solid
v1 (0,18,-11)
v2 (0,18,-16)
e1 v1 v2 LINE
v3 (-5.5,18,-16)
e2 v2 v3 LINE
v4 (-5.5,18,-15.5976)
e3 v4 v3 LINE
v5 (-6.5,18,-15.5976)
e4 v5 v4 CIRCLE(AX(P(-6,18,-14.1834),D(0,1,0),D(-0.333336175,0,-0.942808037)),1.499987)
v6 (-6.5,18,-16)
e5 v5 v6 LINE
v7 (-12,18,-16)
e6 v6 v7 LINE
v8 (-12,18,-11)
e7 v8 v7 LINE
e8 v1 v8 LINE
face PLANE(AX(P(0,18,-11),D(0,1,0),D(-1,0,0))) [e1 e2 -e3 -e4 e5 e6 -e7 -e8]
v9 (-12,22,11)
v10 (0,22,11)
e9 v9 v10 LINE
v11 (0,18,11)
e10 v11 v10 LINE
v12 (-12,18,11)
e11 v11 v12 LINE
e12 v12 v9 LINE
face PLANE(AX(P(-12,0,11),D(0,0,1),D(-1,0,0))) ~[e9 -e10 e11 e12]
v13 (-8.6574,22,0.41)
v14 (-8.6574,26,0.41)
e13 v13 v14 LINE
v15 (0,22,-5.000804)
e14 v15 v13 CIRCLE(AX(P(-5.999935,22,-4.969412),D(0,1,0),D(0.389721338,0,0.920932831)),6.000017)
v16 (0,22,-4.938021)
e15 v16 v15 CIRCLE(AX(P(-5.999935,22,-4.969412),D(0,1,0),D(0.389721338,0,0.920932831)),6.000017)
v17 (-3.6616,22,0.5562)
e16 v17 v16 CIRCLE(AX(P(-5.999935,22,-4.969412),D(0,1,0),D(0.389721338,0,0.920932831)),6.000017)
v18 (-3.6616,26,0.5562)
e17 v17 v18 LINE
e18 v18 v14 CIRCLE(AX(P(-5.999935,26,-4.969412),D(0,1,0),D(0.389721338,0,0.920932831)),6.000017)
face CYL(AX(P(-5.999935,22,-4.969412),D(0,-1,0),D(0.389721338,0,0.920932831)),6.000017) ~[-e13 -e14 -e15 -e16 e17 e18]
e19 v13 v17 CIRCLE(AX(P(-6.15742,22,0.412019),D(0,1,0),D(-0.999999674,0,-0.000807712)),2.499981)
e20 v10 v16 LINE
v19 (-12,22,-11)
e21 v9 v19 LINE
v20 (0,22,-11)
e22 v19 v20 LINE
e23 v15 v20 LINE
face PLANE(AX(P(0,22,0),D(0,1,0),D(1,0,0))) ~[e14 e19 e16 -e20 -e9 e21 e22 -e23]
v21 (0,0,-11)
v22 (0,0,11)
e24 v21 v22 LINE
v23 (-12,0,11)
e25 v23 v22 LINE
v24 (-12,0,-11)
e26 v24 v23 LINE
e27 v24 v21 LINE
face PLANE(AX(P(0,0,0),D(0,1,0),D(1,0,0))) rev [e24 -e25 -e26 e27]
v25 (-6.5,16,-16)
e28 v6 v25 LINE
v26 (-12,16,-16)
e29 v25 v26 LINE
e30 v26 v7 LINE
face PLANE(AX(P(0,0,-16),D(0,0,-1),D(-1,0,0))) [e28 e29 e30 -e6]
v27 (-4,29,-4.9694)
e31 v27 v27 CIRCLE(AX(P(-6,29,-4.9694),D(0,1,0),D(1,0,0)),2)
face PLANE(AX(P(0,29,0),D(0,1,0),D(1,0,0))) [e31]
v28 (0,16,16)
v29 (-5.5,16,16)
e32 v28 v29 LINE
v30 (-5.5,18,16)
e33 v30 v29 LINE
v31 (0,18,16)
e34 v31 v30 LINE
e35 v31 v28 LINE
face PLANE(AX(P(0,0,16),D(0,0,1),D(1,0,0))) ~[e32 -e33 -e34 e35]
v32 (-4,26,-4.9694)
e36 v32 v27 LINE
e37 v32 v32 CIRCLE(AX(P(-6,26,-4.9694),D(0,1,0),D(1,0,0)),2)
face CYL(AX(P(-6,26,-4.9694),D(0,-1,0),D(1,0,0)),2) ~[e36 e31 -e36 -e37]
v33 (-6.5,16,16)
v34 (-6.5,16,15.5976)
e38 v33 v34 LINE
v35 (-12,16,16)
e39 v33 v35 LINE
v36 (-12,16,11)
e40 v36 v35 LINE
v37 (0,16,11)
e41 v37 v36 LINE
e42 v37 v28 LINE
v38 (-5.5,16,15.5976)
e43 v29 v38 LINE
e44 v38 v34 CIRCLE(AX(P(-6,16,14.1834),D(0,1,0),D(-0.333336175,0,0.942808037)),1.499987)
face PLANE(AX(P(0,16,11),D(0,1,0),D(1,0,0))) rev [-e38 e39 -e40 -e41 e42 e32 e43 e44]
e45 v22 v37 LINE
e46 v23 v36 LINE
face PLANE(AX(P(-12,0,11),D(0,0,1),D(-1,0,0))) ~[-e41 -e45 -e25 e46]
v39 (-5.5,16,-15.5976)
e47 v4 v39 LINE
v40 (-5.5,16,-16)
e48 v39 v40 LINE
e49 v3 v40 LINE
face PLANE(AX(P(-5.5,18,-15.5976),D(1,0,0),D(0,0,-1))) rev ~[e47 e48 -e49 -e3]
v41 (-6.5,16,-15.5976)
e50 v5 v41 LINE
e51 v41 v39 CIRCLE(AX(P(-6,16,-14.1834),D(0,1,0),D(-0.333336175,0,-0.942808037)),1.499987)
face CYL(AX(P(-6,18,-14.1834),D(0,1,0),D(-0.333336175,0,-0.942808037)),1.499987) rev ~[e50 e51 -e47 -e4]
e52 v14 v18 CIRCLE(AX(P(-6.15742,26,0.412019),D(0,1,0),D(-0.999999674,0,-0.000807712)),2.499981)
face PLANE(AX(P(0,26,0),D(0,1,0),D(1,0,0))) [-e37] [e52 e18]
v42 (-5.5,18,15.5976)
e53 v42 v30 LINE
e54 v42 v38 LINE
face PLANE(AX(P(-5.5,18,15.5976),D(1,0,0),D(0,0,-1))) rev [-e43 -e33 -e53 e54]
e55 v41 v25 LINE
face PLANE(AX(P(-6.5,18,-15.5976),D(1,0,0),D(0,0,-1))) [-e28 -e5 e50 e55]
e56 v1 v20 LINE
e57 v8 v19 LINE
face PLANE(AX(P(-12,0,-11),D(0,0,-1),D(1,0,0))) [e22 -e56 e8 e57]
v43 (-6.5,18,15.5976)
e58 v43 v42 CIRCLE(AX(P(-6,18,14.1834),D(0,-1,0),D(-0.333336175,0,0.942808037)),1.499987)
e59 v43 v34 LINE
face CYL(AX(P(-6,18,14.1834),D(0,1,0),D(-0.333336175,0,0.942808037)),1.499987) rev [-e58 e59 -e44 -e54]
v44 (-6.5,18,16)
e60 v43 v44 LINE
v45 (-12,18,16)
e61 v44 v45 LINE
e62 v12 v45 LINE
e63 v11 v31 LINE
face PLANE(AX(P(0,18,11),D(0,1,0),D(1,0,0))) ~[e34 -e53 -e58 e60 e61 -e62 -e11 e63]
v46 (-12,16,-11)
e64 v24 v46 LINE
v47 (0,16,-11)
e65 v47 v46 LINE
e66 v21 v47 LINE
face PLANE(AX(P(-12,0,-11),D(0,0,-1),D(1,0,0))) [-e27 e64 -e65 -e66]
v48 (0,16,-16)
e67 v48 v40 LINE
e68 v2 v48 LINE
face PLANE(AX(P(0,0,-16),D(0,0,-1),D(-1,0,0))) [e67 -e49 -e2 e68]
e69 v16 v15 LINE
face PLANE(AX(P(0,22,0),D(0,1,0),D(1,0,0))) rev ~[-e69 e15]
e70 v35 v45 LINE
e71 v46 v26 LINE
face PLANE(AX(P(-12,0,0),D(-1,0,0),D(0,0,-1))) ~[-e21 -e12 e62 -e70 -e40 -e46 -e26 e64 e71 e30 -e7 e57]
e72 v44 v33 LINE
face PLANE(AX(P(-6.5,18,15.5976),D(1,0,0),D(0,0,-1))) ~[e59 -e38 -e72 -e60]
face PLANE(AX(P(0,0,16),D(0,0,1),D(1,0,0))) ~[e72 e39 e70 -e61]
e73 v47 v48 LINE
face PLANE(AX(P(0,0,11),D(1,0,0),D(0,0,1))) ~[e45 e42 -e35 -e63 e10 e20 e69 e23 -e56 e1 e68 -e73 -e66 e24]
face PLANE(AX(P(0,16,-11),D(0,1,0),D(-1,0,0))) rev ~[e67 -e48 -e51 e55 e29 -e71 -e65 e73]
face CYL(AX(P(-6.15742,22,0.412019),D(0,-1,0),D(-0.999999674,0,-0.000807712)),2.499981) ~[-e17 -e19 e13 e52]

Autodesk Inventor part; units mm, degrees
ref_plane "YZ Plane" through (0, 0, 0) normal (1, 0, 0) x (0, 1, 0)
ref_plane "XZ Plane" through (0, 0, 0) normal (0, 1, 0) x (-1, 0, 0)
ref_plane "XY Plane" through (0, 0, 0) normal (0, 0, 1) x (1, 0, 0)
sketch "Boceto1" plane through (0, 0, 0) normal (0, 1, 0) x (-1, 0, 0)
  line L0 (0, 0) -> (12, 0)
  line L1 (12, 0) -> (12, -11)
  line L2 (12, -11) -> (0, -11)
  line L3 (0, -11) -> (0, 0)
extrude "Extrusión1" add sketch "Boceto1" along normal blind 22
sketch "Boceto2" plane through (0, 0, -11) normal (0, 0, -1) x (-1, 0, 0)
  line L0 (12, 22) -> (0, 22) projected
  line L1 (0, 18) -> (12, 18)
  line L2 (0, 16) -> (12, 16)
  line L3 (12, 0) -> (12, 22) projected
  line L4 (0, 18) -> (0, 16)
  line L5 (0, 0) -> (0, 22) projected
  line L6 (12, 18) -> (12, 16)
extrude "Extrusión2" add sketch "Boceto2" along normal blind 5 contours L3 L2 L4 L1
sketch "Boceto3" plane through (-12, 18, -11) normal (0, 1, 0) x (1, 0, 0)
  line L0 (0, 5) -> (12, 5) projected
  arc A0 (5.5, 4.5976) -> (6.5, 4.5976) centre (6, 3.1834) ccw
  line L1 (5.5, 4.5976) -> (5.5, 5)
  line L2 (5.5, 5) -> (6.5, 5)
  line L3 (6.5, 4.5976) -> (6.5, 5)
  point P0 (12, -11)
extrude "Extrusión3" cut sketch "Boceto3" against normal through all
mirror "Simetría1" about plane through (-12, 0, 0) normal (0, 0, 1) of "Extrusión1", "Extrusión2", "Extrusión3"
sketch "Boceto5" plane through (0, 22, 0) normal (0, 1, 0) x (1, 0, 0)
  line L0 (0, 11) -> (-12, 11) projected
  arc A0 (-3.6616, -0.5562) -> (-8.6574, -0.41) centre (-6, 4.9694) ccw
  arc A1 (-8.6574, -0.41) -> (-3.6616, -0.5562) centre (-6.1574, -0.412) ccw
  point P0 (0, 0)
extrude "Extrusión4" add sketch "Boceto5" along normal blind 4
sketch "Boceto6" plane through (0, 26, 0) normal (0, 1, 0) x (1, 0, 0)
  line L0 (0, 11) -> (0, 4.9694) projected
  arc A0 (0, 4.9694) -> (-12, 4.9694) centre (-6, 4.9694) ccw projected
  circle A1 centre (-6, 4.9694) radius 2
  point P0 (0, 0)
extrude "Extrusión5" add sketch "Boceto6" along normal blind 3
equation "\"Radio_pliegue\" = Grosor"
equation "\"Anchura_desahogo_plegado\" = Grosor"
equation "\"Profundidad_desahogo_plegado\" = 0.5 * Grosor"
equation "\"Tamaño_destalonado\" = 4 * Grosor"
equation "\"Remanente_mínimo\" = 2 * Grosor"
equation "\"Radiodetransición\" = Radio_pliegue"
equation "\"Tamaño_de_radio_de_Jacobi\" = Radio_pliegue"
equation "\"TamañoSeparación\" = Grosor"
equation "\"Grosor\" = 0.5"
properties part number "servo"
